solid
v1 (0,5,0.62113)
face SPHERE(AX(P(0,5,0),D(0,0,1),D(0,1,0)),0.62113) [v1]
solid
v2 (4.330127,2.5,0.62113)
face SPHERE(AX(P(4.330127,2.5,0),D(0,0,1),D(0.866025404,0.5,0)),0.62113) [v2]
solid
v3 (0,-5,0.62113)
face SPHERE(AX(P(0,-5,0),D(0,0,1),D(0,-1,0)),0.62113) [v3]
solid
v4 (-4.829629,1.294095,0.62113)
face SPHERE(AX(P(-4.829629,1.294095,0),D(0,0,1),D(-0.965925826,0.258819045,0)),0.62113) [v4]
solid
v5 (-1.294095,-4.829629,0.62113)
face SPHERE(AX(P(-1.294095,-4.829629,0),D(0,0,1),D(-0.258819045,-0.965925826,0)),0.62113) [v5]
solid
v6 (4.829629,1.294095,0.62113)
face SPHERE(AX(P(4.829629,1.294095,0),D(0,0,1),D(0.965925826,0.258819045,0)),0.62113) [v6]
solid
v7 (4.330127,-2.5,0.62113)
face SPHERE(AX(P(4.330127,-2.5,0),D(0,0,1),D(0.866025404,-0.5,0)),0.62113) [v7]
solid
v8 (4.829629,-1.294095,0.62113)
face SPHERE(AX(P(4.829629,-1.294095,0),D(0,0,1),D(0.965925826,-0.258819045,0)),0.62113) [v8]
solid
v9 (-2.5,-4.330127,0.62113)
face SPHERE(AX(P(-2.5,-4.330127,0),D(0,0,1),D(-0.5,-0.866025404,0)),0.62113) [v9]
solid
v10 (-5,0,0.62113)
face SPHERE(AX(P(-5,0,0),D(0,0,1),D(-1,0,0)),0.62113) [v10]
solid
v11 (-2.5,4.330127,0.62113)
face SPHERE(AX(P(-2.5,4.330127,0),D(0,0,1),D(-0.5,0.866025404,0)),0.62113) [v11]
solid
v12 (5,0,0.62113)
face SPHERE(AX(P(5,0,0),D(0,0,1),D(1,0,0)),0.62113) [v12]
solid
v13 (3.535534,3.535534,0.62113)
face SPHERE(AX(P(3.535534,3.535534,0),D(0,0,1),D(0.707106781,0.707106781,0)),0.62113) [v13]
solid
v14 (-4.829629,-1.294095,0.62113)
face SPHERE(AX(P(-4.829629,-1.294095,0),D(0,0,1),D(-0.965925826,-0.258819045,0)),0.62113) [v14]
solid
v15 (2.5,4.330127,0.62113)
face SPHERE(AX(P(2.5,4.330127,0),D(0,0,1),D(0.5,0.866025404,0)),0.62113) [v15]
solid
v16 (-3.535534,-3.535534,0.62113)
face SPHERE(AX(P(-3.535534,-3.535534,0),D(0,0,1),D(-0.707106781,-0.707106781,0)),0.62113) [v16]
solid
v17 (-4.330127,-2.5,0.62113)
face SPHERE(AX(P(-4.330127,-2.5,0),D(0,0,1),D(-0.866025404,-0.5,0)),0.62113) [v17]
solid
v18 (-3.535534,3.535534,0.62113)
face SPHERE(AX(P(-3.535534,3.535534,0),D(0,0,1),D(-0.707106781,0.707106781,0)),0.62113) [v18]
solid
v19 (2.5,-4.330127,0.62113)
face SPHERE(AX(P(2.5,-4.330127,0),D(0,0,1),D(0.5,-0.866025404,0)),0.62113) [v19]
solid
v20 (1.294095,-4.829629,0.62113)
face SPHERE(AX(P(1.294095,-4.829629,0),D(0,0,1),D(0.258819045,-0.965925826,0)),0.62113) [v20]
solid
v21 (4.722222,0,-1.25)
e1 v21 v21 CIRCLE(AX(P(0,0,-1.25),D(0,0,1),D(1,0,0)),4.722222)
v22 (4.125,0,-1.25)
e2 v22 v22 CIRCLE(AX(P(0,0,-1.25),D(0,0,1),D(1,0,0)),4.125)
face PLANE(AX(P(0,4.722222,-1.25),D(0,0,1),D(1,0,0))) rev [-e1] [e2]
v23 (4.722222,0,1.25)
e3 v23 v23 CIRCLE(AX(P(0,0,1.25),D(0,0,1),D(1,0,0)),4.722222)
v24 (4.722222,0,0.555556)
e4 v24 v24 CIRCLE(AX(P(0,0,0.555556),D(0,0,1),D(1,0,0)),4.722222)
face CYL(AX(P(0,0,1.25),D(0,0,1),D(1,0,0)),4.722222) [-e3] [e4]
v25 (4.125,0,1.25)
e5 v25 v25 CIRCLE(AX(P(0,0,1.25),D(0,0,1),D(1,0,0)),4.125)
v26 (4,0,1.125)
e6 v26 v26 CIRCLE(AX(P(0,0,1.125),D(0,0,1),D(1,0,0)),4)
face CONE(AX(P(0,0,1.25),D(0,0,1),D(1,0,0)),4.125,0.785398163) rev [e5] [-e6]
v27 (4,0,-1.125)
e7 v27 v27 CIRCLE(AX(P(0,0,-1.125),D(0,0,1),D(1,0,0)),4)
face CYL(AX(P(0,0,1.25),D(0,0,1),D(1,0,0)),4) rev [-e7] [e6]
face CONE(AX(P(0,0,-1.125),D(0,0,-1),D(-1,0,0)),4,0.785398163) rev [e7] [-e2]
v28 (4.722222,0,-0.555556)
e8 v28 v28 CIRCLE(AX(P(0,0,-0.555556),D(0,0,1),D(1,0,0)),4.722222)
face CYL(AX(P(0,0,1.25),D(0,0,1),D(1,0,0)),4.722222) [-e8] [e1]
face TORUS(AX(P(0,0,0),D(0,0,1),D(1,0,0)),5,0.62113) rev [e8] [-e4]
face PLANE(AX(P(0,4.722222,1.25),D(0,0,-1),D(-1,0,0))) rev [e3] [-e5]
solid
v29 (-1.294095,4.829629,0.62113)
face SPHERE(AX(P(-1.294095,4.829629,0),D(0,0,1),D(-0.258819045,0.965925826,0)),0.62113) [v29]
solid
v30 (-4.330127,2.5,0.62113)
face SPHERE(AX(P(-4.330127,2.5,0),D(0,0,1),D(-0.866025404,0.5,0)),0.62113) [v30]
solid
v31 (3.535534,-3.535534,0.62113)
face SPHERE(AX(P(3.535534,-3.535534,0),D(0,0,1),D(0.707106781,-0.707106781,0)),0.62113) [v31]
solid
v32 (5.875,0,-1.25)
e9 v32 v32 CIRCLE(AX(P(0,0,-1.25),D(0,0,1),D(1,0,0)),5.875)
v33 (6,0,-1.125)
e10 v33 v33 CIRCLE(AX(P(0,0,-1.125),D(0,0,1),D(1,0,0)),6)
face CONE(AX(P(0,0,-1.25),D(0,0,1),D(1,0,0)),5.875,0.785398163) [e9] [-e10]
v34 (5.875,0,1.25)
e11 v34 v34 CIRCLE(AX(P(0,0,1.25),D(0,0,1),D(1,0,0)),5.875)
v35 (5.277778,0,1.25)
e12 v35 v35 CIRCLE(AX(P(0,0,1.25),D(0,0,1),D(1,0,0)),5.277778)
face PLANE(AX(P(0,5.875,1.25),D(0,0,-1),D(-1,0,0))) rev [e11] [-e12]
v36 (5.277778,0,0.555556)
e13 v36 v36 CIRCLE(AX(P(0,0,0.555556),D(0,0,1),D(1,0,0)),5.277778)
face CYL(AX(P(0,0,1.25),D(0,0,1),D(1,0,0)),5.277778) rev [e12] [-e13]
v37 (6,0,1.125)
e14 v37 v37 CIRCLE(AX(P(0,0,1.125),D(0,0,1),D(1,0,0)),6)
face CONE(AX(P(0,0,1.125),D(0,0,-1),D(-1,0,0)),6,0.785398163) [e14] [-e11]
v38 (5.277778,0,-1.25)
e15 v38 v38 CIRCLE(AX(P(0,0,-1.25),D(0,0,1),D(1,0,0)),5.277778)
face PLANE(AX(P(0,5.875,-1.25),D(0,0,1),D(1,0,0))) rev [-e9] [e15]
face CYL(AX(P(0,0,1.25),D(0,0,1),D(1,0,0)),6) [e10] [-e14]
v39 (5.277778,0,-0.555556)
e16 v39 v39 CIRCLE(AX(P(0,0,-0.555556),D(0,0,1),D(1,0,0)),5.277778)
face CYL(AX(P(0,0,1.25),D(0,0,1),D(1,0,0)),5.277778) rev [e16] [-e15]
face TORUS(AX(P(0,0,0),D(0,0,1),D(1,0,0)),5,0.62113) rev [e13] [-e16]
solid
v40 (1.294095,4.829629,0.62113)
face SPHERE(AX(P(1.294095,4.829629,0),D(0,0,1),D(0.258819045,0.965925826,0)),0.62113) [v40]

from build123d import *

# Parameters (mm, degrees)
CIRPATTERN1_COUNT = 24


with BuildPart() as part:
    # Sketch2 → Revolve1 (revolve)
    with BuildSketch(Plane(origin=(0, 0, 0), x_dir=(0, 0, -1), z_dir=(1, 0, 0)), mode=Mode.PRIVATE) as revolve1_sk:
        with BuildLine():
            Line((-1.25, 4.722222222), (-0.555555556, 4.722222222))
            ThreePointArc((-0.555555556, 4.722222222), (0, 4.378870006), (0.555555556, 4.722222222))
            Line((0.555555556, 4.722222222), (1.25, 4.722222222))
            Line((1.25, 4.722222222), (1.25, 4.125))
            Line((1.25, 4.125), (1.125, 4))
            Line((1.125, 4), (-1.125, 4))
            Line((-1.125, 4), (-1.25, 4.125))
            Line((-1.25, 4.125), (-1.25, 4.722222222))
        make_face()
        with BuildLine():
            Line((1.125, 6), (1.25, 5.875))
            Line((1.25, 5.875), (1.25, 5.277777778))
            Line((1.25, 5.277777778), (0.555555556, 5.277777778))
            ThreePointArc((0.555555556, 5.277777778), (0, 5.621129994), (-0.555555556, 5.277777778))
            Line((-0.555555556, 5.277777778), (-1.25, 5.277777778))
            Line((-1.25, 5.277777778), (-1.25, 5.875))
            Line((-1.25, 5.875), (-1.125, 6))
            Line((-1.125, 6), (1.125, 6))
        make_face()
    revolve(revolve1_sk.sketch.rotate(Axis((0, 0, 1.25), (0, 0, -1)), 90), axis=Axis((0, 0, 1.25), (0, 0, -1)))


with BuildPart() as body_2:
    # Sketch3 → Revolve2 (revolve)
    with BuildSketch(Plane(origin=(0, 0, 0), x_dir=(0, 0, -1), z_dir=(1, 0, 0))):
        with BuildLine():
            Line((-0.621129994, 5), (0.621129994, 5))
            ThreePointArc((0.621129994, 5), (0, 5.621129994), (-0.621129994, 5))
        make_face()
    revolve(axis=Axis((0, 5, 0.621129994), (0, 0, -1)))


with BuildPart() as cirpattern1_1:
    # CirPattern1: pattern copy
    add(body_2.part.rotate(Axis((0, 0, 0), (0, 0, 1)), 1 * 360 / CIRPATTERN1_COUNT))


with BuildPart() as cirpattern1_2:
    # CirPattern1: pattern copy
    add(body_2.part.rotate(Axis((0, 0, 0), (0, 0, 1)), 2 * 360 / CIRPATTERN1_COUNT))


with BuildPart() as cirpattern1_3:
    # CirPattern1: pattern copy
    add(body_2.part.rotate(Axis((0, 0, 0), (0, 0, 1)), 3 * 360 / CIRPATTERN1_COUNT))


with BuildPart() as cirpattern1_4:
    # CirPattern1: pattern copy
    add(body_2.part.rotate(Axis((0, 0, 0), (0, 0, 1)), 4 * 360 / CIRPATTERN1_COUNT))


with BuildPart() as cirpattern1_5:
    # CirPattern1: pattern copy
    add(body_2.part.rotate(Axis((0, 0, 0), (0, 0, 1)), 5 * 360 / CIRPATTERN1_COUNT))


with BuildPart() as cirpattern1_6:
    # CirPattern1: pattern copy
    add(body_2.part.rotate(Axis((0, 0, 0), (0, 0, 1)), 6 * 360 / CIRPATTERN1_COUNT))


with BuildPart() as cirpattern1_7:
    # CirPattern1: pattern copy
    add(body_2.part.rotate(Axis((0, 0, 0), (0, 0, 1)), 7 * 360 / CIRPATTERN1_COUNT))


with BuildPart() as cirpattern1_8:
    # CirPattern1: pattern copy
    add(body_2.part.rotate(Axis((0, 0, 0), (0, 0, 1)), 8 * 360 / CIRPATTERN1_COUNT))


with BuildPart() as cirpattern1_9:
    # CirPattern1: pattern copy
    add(body_2.part.rotate(Axis((0, 0, 0), (0, 0, 1)), 9 * 360 / CIRPATTERN1_COUNT))


with BuildPart() as cirpattern1_10:
    # CirPattern1: pattern copy
    add(body_2.part.rotate(Axis((0, 0, 0), (0, 0, 1)), 10 * 360 / CIRPATTERN1_COUNT))


with BuildPart() as cirpattern1_11:
    # CirPattern1: pattern copy
    add(body_2.part.rotate(Axis((0, 0, 0), (0, 0, 1)), 11 * 360 / CIRPATTERN1_COUNT))


with BuildPart() as cirpattern1_12:
    # CirPattern1: pattern copy
    add(body_2.part.rotate(Axis((0, 0, 0), (0, 0, 1)), 12 * 360 / CIRPATTERN1_COUNT))


with BuildPart() as cirpattern1_13:
    # CirPattern1: pattern copy
    add(body_2.part.rotate(Axis((0, 0, 0), (0, 0, 1)), 13 * 360 / CIRPATTERN1_COUNT))


with BuildPart() as cirpattern1_14:
    # CirPattern1: pattern copy
    add(body_2.part.rotate(Axis((0, 0, 0), (0, 0, 1)), 14 * 360 / CIRPATTERN1_COUNT))


with BuildPart() as cirpattern1_15:
    # CirPattern1: pattern copy
    add(body_2.part.rotate(Axis((0, 0, 0), (0, 0, 1)), 15 * 360 / CIRPATTERN1_COUNT))


with BuildPart() as cirpattern1_16:
    # CirPattern1: pattern copy
    add(body_2.part.rotate(Axis((0, 0, 0), (0, 0, 1)), 16 * 360 / CIRPATTERN1_COUNT))


with BuildPart() as cirpattern1_17:
    # CirPattern1: pattern copy
    add(body_2.part.rotate(Axis((0, 0, 0), (0, 0, 1)), 17 * 360 / CIRPATTERN1_COUNT))


with BuildPart() as cirpattern1_18:
    # CirPattern1: pattern copy
    add(body_2.part.rotate(Axis((0, 0, 0), (0, 0, 1)), 18 * 360 / CIRPATTERN1_COUNT))


with BuildPart() as cirpattern1_19:
    # CirPattern1: pattern copy
    add(body_2.part.rotate(Axis((0, 0, 0), (0, 0, 1)), 19 * 360 / CIRPATTERN1_COUNT))


with BuildPart() as cirpattern1_20:
    # CirPattern1: pattern copy
    add(body_2.part.rotate(Axis((0, 0, 0), (0, 0, 1)), 20 * 360 / CIRPATTERN1_COUNT))


with BuildPart() as cirpattern1_21:
    # CirPattern1: pattern copy
    add(body_2.part.rotate(Axis((0, 0, 0), (0, 0, 1)), 21 * 360 / CIRPATTERN1_COUNT))


with BuildPart() as cirpattern1_22:
    # CirPattern1: pattern copy
    add(body_2.part.rotate(Axis((0, 0, 0), (0, 0, 1)), 22 * 360 / CIRPATTERN1_COUNT))


with BuildPart() as cirpattern1_23:
    # CirPattern1: pattern copy
    add(body_2.part.rotate(Axis((0, 0, 0), (0, 0, 1)), 23 * 360 / CIRPATTERN1_COUNT))


solid = Compound([part.part, body_2.part, cirpattern1_1.part, cirpattern1_2.part, cirpattern1_3.part, cirpattern1_4.part, cirpattern1_5.part, cirpattern1_6.part, cirpattern1_7.part, cirpattern1_8.part, cirpattern1_9.part, cirpattern1_10.part, cirpattern1_11.part, cirpattern1_12.part, cirpattern1_13.part, cirpattern1_14.part, cirpattern1_15.part, cirpattern1_16.part, cirpattern1_17.part, cirpattern1_18.part, cirpattern1_19.part, cirpattern1_20.part, cirpattern1_21.part, cirpattern1_22.part, cirpattern1_23.part])
